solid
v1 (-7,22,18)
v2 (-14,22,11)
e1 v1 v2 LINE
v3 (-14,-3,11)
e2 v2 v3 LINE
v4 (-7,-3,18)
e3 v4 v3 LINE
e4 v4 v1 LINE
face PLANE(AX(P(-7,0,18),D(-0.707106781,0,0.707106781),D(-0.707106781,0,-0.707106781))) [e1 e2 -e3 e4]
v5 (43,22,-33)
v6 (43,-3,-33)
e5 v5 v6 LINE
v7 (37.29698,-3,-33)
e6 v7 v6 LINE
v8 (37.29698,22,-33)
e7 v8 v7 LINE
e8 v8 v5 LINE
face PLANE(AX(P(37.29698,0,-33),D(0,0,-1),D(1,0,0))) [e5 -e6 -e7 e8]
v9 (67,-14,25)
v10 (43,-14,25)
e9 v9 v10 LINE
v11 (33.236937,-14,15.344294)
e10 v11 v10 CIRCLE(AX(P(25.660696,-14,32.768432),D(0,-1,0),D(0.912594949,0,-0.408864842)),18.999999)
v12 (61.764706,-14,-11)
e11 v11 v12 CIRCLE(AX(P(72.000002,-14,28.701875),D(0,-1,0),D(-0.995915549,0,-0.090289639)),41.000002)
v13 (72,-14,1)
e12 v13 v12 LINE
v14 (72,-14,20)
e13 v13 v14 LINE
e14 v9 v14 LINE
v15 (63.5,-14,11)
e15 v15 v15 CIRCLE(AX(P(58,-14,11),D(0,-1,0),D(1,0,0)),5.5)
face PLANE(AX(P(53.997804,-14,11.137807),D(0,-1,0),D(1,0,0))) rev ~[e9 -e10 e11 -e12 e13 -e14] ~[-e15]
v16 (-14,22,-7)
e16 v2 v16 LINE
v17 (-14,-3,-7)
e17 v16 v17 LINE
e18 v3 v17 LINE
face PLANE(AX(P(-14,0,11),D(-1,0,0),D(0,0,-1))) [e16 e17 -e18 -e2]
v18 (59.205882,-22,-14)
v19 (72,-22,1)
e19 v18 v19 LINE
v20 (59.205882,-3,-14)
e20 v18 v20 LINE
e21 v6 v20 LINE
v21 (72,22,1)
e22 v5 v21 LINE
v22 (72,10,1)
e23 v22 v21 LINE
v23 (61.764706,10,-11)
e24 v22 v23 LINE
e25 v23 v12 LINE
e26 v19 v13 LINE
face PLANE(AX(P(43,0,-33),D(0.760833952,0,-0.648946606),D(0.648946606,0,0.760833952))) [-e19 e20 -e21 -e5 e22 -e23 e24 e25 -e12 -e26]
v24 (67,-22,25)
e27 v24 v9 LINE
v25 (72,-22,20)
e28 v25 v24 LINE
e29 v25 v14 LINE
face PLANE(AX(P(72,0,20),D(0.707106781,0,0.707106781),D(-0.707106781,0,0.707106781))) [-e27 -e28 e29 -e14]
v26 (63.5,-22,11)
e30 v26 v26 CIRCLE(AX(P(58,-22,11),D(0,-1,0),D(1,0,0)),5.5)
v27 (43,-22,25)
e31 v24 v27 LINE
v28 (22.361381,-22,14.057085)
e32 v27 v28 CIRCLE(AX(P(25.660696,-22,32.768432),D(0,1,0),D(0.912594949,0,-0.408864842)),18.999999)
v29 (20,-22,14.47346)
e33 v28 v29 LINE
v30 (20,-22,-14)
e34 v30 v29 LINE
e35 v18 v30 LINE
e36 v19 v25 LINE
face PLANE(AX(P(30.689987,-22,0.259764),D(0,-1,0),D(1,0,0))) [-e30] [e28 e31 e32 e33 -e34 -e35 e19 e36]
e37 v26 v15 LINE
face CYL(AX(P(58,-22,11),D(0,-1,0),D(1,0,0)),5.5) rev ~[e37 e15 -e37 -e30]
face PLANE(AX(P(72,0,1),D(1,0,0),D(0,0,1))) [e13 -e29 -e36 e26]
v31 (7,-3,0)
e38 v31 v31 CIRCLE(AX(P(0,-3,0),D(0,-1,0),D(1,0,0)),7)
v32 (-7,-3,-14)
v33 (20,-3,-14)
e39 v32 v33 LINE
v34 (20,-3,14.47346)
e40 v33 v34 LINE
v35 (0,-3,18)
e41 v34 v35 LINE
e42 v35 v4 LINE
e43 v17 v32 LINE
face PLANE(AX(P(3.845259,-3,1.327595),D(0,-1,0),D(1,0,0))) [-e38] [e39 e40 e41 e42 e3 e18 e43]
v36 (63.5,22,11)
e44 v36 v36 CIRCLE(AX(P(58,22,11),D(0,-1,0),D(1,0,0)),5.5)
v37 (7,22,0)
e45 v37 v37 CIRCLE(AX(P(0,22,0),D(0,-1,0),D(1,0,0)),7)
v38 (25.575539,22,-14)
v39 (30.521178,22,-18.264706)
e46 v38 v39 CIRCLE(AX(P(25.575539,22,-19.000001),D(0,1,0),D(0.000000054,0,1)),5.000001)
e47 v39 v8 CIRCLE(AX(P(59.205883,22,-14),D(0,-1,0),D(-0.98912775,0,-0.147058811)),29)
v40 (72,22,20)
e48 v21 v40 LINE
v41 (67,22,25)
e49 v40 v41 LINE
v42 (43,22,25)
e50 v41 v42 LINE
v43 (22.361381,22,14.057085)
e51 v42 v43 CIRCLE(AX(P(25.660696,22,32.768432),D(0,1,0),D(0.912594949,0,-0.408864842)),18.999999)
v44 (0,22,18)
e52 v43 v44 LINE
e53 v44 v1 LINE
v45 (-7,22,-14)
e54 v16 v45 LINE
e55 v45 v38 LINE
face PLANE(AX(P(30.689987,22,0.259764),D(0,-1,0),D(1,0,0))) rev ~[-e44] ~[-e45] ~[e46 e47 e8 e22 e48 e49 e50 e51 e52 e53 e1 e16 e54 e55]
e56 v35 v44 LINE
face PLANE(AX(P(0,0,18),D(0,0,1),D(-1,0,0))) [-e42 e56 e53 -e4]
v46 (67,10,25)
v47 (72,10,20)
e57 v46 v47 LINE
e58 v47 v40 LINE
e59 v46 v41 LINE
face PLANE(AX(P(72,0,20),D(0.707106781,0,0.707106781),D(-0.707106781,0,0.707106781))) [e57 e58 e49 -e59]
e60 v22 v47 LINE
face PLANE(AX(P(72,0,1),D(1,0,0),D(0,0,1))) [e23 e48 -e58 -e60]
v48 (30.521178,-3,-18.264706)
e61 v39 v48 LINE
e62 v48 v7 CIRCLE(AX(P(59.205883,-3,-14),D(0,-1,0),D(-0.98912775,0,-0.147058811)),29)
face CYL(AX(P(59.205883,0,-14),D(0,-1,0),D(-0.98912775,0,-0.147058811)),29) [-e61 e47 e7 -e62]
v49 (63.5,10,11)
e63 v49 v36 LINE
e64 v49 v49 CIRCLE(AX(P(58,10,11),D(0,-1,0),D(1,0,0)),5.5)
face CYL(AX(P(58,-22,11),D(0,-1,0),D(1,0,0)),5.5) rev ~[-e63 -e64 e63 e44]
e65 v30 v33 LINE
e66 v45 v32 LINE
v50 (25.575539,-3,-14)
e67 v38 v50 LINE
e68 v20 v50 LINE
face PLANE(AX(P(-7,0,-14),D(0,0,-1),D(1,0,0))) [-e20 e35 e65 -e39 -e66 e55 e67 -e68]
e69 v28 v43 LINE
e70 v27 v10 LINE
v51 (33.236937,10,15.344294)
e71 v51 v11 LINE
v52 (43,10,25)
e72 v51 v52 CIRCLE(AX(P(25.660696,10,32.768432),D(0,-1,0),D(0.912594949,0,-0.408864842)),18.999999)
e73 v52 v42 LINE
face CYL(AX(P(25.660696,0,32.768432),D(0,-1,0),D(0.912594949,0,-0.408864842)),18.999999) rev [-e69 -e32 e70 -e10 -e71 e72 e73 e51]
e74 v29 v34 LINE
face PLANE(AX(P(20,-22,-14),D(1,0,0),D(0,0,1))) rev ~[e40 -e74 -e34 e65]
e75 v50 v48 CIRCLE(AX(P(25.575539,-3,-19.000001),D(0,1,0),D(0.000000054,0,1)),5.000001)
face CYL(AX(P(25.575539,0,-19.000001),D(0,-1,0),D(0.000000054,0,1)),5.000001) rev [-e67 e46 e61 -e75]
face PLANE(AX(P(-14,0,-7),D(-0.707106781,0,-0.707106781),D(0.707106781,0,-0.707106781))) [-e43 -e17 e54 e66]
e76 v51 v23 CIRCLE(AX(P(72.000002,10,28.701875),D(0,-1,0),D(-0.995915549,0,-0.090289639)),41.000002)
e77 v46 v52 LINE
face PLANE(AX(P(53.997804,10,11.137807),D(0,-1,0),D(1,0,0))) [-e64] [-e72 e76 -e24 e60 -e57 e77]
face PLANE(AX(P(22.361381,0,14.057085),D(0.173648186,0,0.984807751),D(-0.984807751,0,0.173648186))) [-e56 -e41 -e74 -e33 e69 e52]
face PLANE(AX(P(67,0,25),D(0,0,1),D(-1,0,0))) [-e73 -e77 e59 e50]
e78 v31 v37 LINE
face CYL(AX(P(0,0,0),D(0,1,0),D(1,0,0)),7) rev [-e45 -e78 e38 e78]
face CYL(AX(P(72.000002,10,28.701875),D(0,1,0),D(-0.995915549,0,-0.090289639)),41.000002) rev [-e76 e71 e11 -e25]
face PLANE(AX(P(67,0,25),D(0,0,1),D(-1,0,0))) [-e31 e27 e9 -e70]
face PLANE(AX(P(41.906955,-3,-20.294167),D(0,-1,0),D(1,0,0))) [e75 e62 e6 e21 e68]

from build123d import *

# Parameters (mm, degrees)
F0_R     = 7
F1_DEPTH = 22
F2_R     = 7
F3_DEPTH = 19
F2_R_2   = 5.5
F4_DEPTH = 44.001
F7_DEPTH = 24


with BuildPart() as f1:
    # F0 (on Front) → F1 (new body, symmetric)
    with BuildSketch(Plane.XZ):
        with BuildLine():
            Line((-7, 18), (-14, 11))
            Line((-14, 11), (-14, -7))
            Line((-14, -7), (-7, -14))
            Line((-7, -14), (25.575539, -14))
            ThreePointArc((25.575539, -14), (28.840775, -15.213414), (30.521178, -18.264706))
            ThreePointArc((30.521178, -18.264706), (32.858008, -26.115672), (37.29698, -33))
            Line((37.29698, -33), (43, -33))
            Line((43, -33), (72, 1))
            Line((72, 1), (72, 20))
            Line((72, 20), (67, 25))
            Line((67, 25), (43, 25))
            ThreePointArc((43, 25), (34.561099, 15.982044), (22.361381, 14.057085))
            Line((22.361381, 14.057085), (0, 18))
            Line((0, 18), (-7, 18))
        make_face()
        Circle(F0_R, mode=Mode.SUBTRACT)
    extrude(amount=F1_DEPTH, both=True)

    # F2 (on face) → F3 (cut)
    with BuildSketch(Plane.XZ.offset(22)):
        Polygon((20, -14), (20, 14.47346), (0, 18), (-7, 18), (-14, 11), (-14, -7), (-7, -14), align=None)
        Circle(F2_R, mode=Mode.SUBTRACT)
        with BuildLine():
            Line((59.205882, -14), (25.575539, -14))
            ThreePointArc((25.575539, -14), (28.840775, -15.213414), (30.521178, -18.264706))
            ThreePointArc((30.521178, -18.264706), (32.858008, -26.115672), (37.29698, -33))
            Line((37.29698, -33), (43, -33))
            Line((43, -33), (59.205882, -14))
        make_face()
    extrude(amount=-F3_DEPTH, mode=Mode.SUBTRACT)

    # F2 (on face) → F4 (cut, through all)
    with BuildSketch(Plane.XZ.offset(22)):
        with Locations((58, 11)):
            Circle(F2_R_2)
    extrude(amount=-F4_DEPTH, mode=Mode.SUBTRACT)

    # F6 (on offset) → F7 (cut)
    with BuildSketch(Plane.XZ.offset(-10)):
        with BuildLine():
            Line((72, 25), (31.167462, 25))
            ThreePointArc((31.167462, 25), (40.759308, 2.149677), (61.764706, -11))
            Line((61.764706, -11), (72, 0))
            Line((72, 0), (72, 25))
        make_face()
    extrude(amount=F7_DEPTH, mode=Mode.SUBTRACT)


solid = f1.part
